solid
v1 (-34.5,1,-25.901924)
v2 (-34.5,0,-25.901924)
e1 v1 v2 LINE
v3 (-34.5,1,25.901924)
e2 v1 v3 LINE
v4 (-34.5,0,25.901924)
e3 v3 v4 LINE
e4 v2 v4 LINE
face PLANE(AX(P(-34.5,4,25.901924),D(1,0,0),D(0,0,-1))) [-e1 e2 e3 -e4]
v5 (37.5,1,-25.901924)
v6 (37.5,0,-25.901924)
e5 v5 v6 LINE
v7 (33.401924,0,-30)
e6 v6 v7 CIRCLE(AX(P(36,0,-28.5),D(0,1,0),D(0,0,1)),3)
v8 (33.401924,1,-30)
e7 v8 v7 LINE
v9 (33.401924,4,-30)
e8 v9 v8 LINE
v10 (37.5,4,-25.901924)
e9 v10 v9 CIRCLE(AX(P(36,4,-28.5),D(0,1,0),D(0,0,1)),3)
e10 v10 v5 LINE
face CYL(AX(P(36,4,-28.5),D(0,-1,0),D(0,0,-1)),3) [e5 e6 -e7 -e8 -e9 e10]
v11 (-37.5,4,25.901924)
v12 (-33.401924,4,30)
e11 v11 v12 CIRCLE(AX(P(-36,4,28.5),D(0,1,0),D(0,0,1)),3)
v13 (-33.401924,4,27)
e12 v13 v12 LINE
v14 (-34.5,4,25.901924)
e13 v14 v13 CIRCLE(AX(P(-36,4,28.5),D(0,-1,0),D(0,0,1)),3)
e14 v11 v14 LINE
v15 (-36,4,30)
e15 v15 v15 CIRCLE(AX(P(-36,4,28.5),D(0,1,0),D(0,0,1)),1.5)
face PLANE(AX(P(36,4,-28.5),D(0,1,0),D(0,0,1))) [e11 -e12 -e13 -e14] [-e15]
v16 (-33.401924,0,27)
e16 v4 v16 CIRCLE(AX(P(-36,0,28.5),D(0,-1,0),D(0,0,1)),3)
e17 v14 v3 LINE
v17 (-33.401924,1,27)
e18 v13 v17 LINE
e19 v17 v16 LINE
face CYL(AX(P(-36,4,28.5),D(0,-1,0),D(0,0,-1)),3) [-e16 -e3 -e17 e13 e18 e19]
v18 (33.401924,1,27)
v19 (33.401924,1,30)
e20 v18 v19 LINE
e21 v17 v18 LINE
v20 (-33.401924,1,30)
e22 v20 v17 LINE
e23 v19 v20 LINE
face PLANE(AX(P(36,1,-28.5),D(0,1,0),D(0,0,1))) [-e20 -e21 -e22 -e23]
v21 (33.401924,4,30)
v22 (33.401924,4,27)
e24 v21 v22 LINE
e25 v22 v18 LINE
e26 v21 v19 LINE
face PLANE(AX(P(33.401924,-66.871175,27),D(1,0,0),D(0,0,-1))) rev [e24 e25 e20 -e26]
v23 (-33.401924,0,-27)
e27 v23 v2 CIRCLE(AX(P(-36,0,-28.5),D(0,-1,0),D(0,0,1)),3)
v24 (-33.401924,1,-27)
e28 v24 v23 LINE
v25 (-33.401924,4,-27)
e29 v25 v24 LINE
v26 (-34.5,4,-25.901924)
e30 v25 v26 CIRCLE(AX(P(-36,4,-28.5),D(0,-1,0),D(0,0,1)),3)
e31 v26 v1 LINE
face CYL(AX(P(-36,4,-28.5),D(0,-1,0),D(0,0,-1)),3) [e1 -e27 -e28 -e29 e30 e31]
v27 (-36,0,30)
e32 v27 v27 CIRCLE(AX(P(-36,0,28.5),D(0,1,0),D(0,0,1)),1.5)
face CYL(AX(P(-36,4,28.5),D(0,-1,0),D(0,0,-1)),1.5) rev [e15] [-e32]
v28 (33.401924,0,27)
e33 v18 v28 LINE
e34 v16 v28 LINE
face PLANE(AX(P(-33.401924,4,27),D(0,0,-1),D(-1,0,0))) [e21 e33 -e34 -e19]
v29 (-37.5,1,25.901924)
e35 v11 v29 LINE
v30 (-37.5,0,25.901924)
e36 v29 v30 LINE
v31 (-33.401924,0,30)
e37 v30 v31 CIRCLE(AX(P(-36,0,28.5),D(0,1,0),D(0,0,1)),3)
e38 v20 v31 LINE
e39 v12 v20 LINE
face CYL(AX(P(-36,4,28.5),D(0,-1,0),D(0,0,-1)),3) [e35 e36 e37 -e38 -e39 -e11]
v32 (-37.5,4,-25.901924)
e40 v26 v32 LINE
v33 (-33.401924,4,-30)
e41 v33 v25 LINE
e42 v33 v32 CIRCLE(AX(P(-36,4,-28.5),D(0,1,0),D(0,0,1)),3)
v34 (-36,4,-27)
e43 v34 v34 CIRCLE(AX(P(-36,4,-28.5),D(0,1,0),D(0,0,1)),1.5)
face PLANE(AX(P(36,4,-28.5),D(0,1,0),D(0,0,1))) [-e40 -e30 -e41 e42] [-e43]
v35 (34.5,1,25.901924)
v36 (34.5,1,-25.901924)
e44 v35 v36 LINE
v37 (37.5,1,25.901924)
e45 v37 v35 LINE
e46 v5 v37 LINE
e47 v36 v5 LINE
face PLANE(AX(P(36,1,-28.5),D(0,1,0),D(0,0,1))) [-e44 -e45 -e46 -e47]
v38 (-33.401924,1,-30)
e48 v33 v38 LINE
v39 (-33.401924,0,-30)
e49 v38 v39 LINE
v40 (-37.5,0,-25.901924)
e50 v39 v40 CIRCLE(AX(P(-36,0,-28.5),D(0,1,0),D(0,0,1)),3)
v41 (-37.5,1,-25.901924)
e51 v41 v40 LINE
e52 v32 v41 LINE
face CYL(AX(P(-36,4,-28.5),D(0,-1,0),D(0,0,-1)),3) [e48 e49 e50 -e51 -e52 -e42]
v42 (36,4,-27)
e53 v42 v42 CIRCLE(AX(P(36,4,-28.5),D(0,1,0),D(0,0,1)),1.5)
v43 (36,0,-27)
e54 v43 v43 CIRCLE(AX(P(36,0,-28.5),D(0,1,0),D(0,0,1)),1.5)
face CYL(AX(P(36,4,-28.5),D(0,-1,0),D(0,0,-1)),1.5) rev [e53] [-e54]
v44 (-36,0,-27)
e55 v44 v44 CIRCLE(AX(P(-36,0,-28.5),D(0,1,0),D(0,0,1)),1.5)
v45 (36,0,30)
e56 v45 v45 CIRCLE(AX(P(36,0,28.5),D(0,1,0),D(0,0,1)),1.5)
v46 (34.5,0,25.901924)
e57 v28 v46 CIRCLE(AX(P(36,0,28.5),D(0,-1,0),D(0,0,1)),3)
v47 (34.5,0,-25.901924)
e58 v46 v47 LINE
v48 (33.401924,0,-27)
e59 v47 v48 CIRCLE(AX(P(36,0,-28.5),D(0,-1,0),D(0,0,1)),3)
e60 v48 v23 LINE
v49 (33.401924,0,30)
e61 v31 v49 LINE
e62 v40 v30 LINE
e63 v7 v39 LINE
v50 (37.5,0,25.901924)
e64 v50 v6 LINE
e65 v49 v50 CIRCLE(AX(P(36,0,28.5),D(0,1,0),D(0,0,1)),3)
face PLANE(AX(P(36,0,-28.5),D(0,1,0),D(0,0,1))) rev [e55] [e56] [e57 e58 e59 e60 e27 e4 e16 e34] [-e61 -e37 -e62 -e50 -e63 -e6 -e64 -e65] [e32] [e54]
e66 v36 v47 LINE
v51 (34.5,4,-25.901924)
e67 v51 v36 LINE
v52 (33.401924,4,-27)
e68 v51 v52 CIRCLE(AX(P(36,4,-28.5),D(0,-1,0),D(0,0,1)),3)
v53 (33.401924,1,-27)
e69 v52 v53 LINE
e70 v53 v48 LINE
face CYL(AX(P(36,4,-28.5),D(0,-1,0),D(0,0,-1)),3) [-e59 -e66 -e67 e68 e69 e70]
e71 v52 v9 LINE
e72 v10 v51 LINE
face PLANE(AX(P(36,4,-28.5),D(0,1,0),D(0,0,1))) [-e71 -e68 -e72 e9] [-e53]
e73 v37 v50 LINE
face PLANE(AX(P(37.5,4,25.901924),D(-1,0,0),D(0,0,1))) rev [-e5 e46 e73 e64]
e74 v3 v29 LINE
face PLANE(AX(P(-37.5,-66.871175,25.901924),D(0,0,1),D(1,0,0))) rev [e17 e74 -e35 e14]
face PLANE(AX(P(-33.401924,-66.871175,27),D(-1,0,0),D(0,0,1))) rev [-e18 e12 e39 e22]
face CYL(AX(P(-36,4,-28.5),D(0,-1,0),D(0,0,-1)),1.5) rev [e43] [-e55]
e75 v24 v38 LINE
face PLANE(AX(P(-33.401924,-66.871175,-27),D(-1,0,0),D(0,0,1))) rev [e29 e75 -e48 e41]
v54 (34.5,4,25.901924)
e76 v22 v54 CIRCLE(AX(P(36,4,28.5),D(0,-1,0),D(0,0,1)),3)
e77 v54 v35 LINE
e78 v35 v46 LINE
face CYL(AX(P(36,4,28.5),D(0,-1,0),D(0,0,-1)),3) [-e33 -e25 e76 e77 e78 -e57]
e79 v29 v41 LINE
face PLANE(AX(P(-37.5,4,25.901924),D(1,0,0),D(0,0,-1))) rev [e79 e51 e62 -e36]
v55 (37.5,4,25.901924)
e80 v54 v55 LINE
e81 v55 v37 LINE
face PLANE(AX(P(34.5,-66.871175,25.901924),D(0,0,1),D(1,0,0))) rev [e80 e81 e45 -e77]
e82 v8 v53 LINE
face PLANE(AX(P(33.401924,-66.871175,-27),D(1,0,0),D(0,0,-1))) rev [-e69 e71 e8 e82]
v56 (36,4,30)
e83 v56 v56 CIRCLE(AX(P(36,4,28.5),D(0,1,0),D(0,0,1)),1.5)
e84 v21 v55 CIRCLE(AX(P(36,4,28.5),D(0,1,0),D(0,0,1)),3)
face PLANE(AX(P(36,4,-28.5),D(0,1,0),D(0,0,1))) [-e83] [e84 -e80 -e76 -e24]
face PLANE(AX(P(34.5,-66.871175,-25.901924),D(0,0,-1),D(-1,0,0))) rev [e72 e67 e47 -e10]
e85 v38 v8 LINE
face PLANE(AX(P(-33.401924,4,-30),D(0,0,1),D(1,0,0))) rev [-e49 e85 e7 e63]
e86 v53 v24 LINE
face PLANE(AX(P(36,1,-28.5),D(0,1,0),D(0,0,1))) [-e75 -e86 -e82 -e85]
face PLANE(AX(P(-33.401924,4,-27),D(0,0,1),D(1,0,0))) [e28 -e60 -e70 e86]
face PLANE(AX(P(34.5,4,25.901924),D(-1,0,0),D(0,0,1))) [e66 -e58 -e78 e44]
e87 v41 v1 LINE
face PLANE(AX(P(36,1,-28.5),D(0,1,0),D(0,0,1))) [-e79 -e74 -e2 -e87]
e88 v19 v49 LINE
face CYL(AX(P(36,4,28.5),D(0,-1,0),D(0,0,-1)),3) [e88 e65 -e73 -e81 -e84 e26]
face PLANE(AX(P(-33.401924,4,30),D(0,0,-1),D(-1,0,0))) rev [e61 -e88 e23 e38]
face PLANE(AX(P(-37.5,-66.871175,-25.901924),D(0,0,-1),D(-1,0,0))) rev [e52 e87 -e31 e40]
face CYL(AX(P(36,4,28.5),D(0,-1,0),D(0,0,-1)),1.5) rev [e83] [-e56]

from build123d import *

# Parameters (mm, degrees)
SKETCH1_R           = 1.5
BOSS_EXTRUDE1_DEPTH = 4
SKETCH2_W           = 3
SKETCH2_H           = 51.803847578
SKETCH2_W_2         = 66.803847578
SKETCH2_H_2         = 3
CUT_EXTRUDE1_DEPTH  = 3


with BuildPart() as part:
    # Sketch1 → Boss-Extrude1 (new body)
    with BuildSketch(Plane(origin=(0, 0, 0), x_dir=(1, 0, 0), z_dir=(0, 1, 0))):
        with BuildLine():
            Line((-33.401923789, 30), (33.401923789, 30))
            ThreePointArc((33.401923789, 30), (38.121320344, 30.621320344), (37.5, 25.901923789))
            Line((37.5, 25.901923789), (37.5, -25.901923789))
            ThreePointArc((37.5, -25.901923789), (38.121320344, -30.621320344), (33.401923789, -30))
            Line((33.401923789, -30), (-33.401923789, -30))
            ThreePointArc((-33.401923789, -30), (-38.121320344, -30.621320344), (-37.5, -25.901923789))
            Line((-37.5, -25.901923789), (-37.5, 25.901923789))
            ThreePointArc((-37.5, 25.901923789), (-38.121320344, 30.621320344), (-33.401923789, 30))
        make_face()
        with Locations(Location((36, 28.5, 0), (0, 0, 270))):
            Circle(SKETCH1_R, mode=Mode.SUBTRACT)
        with Locations(Location((36, -28.5, 0), (0, 0, 270))):
            Circle(SKETCH1_R, mode=Mode.SUBTRACT)
        with Locations(Location((-36, -28.5, 0), (0, 0, 270))):
            Circle(SKETCH1_R, mode=Mode.SUBTRACT)
        with Locations(Location((-36, 28.5, 0), (0, 0, 270))):
            Circle(SKETCH1_R, mode=Mode.SUBTRACT)
        with BuildLine():
            Line((-33.401923789, 27), (33.401923789, 27))
            ThreePointArc((33.401923789, 27), (33.878679656, 26.378679656), (34.5, 25.901923789))
            Line((34.5, 25.901923789), (34.5, -25.901923789))
            ThreePointArc((34.5, -25.901923789), (33.878679656, -26.378679656), (33.401923789, -27))
            Line((33.401923789, -27), (-33.401923789, -27))
            ThreePointArc((-33.401923789, -27), (-33.878679656, -26.378679656), (-34.5, -25.901923789))
            Line((-34.5, -25.901923789), (-34.5, 25.901923789))
            ThreePointArc((-34.5, 25.901923789), (-33.878679656, 26.378679656), (-33.401923789, 27))
        make_face(mode=Mode.SUBTRACT)
    extrude(amount=BOSS_EXTRUDE1_DEPTH)

    # Sketch2 → Cut-Extrude1 (cut)
    with BuildSketch(Plane(origin=(0, 4, 0), x_dir=(1, 0, 0), z_dir=(0, 1, 0))):
        with Locations((-36, 0)):
            Rectangle(SKETCH2_W, SKETCH2_H)
        with Locations((0, -28.5)):
            Rectangle(SKETCH2_W_2, SKETCH2_H_2)
        with Locations((36, 0)):
            Rectangle(SKETCH2_W, SKETCH2_H)
        with Locations((0, 28.5)):
            Rectangle(SKETCH2_W_2, SKETCH2_H_2)
    extrude(amount=-CUT_EXTRUDE1_DEPTH, mode=Mode.SUBTRACT)


solid = part.part
